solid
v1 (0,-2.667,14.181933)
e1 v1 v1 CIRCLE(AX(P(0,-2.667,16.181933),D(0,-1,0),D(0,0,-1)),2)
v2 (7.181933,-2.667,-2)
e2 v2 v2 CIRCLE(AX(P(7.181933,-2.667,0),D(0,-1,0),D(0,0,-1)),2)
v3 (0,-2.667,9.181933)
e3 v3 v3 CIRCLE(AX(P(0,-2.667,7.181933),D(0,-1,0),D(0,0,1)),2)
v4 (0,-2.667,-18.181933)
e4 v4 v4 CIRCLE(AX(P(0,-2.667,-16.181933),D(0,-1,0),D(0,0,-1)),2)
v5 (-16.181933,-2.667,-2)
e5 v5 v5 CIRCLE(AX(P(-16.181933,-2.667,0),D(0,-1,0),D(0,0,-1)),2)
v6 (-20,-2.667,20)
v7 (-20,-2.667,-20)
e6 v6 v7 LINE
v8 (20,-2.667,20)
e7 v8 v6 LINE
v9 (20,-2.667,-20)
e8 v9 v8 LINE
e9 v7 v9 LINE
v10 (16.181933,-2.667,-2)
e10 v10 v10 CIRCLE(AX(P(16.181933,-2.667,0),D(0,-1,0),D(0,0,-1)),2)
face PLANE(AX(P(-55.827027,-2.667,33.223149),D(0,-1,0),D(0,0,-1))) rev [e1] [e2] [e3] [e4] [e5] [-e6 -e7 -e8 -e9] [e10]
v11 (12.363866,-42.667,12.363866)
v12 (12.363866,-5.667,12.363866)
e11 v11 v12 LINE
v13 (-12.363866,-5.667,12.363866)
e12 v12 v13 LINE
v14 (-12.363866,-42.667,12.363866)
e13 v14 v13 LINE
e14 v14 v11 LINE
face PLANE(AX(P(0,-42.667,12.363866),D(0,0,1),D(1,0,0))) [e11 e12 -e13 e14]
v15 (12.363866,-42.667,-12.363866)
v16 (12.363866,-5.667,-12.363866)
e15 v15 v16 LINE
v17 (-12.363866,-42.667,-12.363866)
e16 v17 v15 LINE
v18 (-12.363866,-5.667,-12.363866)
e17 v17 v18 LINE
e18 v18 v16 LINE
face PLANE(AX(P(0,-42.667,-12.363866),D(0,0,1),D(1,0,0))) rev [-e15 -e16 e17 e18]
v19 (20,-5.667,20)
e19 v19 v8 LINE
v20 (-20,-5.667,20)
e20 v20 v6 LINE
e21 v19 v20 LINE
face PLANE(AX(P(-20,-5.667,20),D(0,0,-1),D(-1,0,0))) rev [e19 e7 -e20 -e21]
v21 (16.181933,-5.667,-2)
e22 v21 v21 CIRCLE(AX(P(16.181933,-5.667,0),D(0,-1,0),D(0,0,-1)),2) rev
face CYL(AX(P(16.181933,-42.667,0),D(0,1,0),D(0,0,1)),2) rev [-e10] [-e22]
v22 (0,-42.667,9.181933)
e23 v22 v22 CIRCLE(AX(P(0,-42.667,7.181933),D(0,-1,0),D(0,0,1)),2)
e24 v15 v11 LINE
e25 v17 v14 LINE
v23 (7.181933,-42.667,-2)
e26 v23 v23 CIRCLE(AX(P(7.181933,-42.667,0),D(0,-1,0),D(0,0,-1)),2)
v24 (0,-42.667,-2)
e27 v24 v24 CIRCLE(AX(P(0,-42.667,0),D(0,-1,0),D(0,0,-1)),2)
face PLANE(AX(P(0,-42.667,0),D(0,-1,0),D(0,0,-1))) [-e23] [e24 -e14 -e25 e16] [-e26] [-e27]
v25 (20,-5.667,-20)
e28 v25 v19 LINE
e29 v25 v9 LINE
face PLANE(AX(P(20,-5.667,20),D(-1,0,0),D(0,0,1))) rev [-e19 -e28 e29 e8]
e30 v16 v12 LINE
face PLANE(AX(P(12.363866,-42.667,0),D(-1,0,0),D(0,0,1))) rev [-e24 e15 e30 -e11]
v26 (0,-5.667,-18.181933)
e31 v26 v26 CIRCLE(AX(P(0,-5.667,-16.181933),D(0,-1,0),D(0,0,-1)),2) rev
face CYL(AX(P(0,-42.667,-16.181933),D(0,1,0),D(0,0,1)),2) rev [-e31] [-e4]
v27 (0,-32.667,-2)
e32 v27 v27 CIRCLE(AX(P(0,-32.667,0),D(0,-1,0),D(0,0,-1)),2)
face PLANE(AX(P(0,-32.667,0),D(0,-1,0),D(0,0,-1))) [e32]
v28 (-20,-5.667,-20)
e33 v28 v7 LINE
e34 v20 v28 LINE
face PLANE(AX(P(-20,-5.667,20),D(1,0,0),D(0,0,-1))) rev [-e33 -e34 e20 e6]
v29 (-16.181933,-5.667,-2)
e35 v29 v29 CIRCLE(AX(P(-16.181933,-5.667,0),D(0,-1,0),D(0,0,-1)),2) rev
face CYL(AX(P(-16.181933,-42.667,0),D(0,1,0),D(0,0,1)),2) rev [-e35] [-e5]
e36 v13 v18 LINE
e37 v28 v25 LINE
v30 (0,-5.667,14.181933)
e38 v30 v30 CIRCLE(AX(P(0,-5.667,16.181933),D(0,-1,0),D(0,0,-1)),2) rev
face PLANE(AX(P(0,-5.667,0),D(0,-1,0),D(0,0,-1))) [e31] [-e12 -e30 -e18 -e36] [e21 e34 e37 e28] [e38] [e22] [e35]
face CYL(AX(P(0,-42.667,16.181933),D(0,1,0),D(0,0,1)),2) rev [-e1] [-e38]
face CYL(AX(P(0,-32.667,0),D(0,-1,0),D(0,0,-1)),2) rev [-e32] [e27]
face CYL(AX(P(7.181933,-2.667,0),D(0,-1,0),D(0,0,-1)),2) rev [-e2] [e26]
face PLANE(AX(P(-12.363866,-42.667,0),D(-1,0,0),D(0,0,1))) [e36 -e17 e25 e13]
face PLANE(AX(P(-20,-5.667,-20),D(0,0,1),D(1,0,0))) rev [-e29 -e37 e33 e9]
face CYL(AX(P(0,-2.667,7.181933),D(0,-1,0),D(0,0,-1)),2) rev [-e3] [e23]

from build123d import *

# Parameters (mm, degrees)
SKETCH1_W                                      = 193.929
SKETCH1_H                                      = 117.602
BOSS_EXTRUDE1_DEPTH                            = 2.667
CUT_EXTRUDE1_DEPTH                             = 0.254
BOSS_EXTRUDE2_DEPTH                            = 0.254
BOSS_EXTRUDE3_DEPTH                            = 1.6002
BOSS_EXTRUDE4_DEPTH                            = 1.6002
BOSS_EXTRUDE5_DEPTH                            = 1.6002
BOSS_EXTRUDE6_DEPTH                            = 1.6002
BOSS_EXTRUDE7_DEPTH                            = 1.6002
SKETCH9_W                                      = 3.683
SKETCH9_H                                      = 3.175
SKETCH10_W                                     = 3.683
SKETCH10_H                                     = 3.175
SKETCH11_W                                     = 3.683
SKETCH11_H                                     = 3.175
SKETCH12_W                                     = 3.683
SKETCH12_H                                     = 3.175
CSK_FOR_M3_FLAT_HEAD_MACHINE_SCREW1_AT_2_COUNT = 2
CSK_FOR_M3_FLAT_HEAD_MACHINE_SCREW1_AT_2_PITCH = 202.702821766
CSK_FOR_M3_FLAT_HEAD_MACHINE_SCREW1_AT_3_COUNT = 2
CSK_FOR_M3_FLAT_HEAD_MACHINE_SCREW1_AT_3_PITCH = 176.276
CSK_FOR_M3_FLAT_HEAD_MACHINE_SCREW1_AT_4_COUNT = 2
CSK_FOR_M3_FLAT_HEAD_MACHINE_SCREW1_AT_4_PITCH = 100.076
FILLET1_R                                      = 5.1562
FILLET2_R                                      = 1.5748
FILLET3_R                                      = 3.9624
FILLET4_R                                      = 4.7498
SKETCH16_W                                     = 24.727732192
SKETCH16_H                                     = 24.727732192
BOSS_EXTRUDE8_DEPTH                            = 40
SKETCH18_W                                     = 40
SKETCH18_H                                     = 40
SKETCH18_W_2                                   = 24.727732192
SKETCH18_H_2                                   = 24.727732192
BOSS_EXTRUDE9_DEPTH                            = 3
CUT_EXTRUDE2_DEPTH                             = 40
CUT_EXTRUDE2_DEPTH_BACK                        = 40
SKETCH17_R                                     = 2
SKETCH19_R                                     = 2
CUT_EXTRUDE3_DEPTH                             = 10
SKETCH20_W                                     = 226.645594452
SKETCH20_H                                     = 139.264160446
SKETCH20_W_2                                   = 98.304113256
SKETCH20_H_2                                   = 70.390599616
CUT_EXTRUDE4_DEPTH                             = 121.248375711
SKETCH21_W                                     = 98.304113256
SKETCH21_H                                     = 2.667
CUT_EXTRUDE5_DEPTH                             = 100.458365049
SKETCH23_R                                     = 2
CUT_EXTRUDE6_DEPTH                             = 49.989794856


with BuildPart() as part:
    # Sketch1 → Boss-Extrude1 (new body)
    with BuildSketch(Plane.XZ.offset(2.667)):
        Rectangle(SKETCH1_W, SKETCH1_H)
    extrude(amount=-BOSS_EXTRUDE1_DEPTH)

    # Sketch2 → Cut-Extrude1 (cut)
    with BuildSketch(Plane.XZ.offset(2.667)):
        Polygon((-74.4728, 55.3085), (-93.472, 36.2712), (-93.472, -36.2712), (-74.4728, -55.3085), (74.4728, -55.3085), (93.472, -36.2712), (93.472, 36.2712), (74.4728, 55.3085), align=None)
    extrude(amount=-CUT_EXTRUDE1_DEPTH, mode=Mode.SUBTRACT)

    # Sketch3 → Boss-Extrude2 (add)
    with BuildSketch(Plane.XZ.offset(2.413)):
        Polygon((92.6846, 35.945510163), (92.6846, -35.945510163), (74.146186127, -54.5211), (-74.146186127, -54.5211), (-92.6846, -35.945510163), (-92.6846, 35.945510163), (-74.146186127, 54.5211), (74.146186127, 54.5211), align=None)
    extrude(amount=BOSS_EXTRUDE2_DEPTH)

    # Sketch4 → Boss-Extrude3 (add)
    with BuildSketch(Plane(origin=(0, 0, 0), x_dir=(-1, 0, 0), z_dir=(0, 1, 0))):
        with BuildLine():
            Line((92.6211, -49.3395), (92.6211, 49.3395))
            ThreePointArc((92.6211, 49.3395), (93.4212, 50.1396), (94.2213, 49.3395))
            Line((94.2213, 49.3395), (94.2213, -49.3395))
            ThreePointArc((94.2213, -49.3395), (93.4212, -50.1396), (92.6211, -49.3395))
        make_face()
    extrude(amount=BOSS_EXTRUDE3_DEPTH)

    # Sketch5 → Boss-Extrude4 (add)
    with BuildSketch(Plane(origin=(0, 0, 0), x_dir=(-1, 0, 0), z_dir=(0, 1, 0))):
        with BuildLine():
            Line((-94.2213, -49.3395), (-94.2213, 49.3395))
            ThreePointArc((-94.2213, 49.3395), (-93.4212, 50.1396), (-92.6211, 49.3395))
            Line((-92.6211, 49.3395), (-92.6211, -49.3395))
            ThreePointArc((-92.6211, -49.3395), (-93.4212, -50.1396), (-94.2213, -49.3395))
        make_face()
    extrude(amount=BOSS_EXTRUDE4_DEPTH)

    # Sketch6 → Boss-Extrude5 (add)
    with BuildSketch(Plane(origin=(0, 0, 0), x_dir=(-1, 0, 0), z_dir=(0, 1, 0))):
        with BuildLine():
            Line((10.4013, -54.4576), (87.5919, -54.4576))
            ThreePointArc((87.5919, -54.4576), (88.392, -55.2577), (87.5919, -56.0578))
            Line((87.5919, -56.0578), (10.4013, -56.0578))
            ThreePointArc((10.4013, -56.0578), (9.6012, -55.2577), (10.4013, -54.4576))
        make_face()
    extrude(amount=BOSS_EXTRUDE5_DEPTH)

    # Sketch7 → Boss-Extrude6 (add)
    with BuildSketch(Plane(origin=(0, 0, 0), x_dir=(-1, 0, 0), z_dir=(0, 1, 0))):
        with BuildLine():
            Line((-87.5919, 56.0578), (87.5919, 56.0578))
            ThreePointArc((87.5919, 56.0578), (88.392, 55.2577), (87.5919, 54.4576))
            Line((87.5919, 54.4576), (-87.5919, 54.4576))
            ThreePointArc((-87.5919, 54.4576), (-88.392, 55.2577), (-87.5919, 56.0578))
        make_face()
    extrude(amount=BOSS_EXTRUDE6_DEPTH)

    # Sketch8 → Boss-Extrude7 (add)
    with BuildSketch(Plane(origin=(0, 0, 0), x_dir=(-1, 0, 0), z_dir=(0, 1, 0))):
        with BuildLine():
            Line((-87.5919, -54.4576), (-10.4013, -54.4576))
            ThreePointArc((-10.4013, -54.4576), (-9.6012, -55.2577), (-10.4013, -56.0578))
            Line((-10.4013, -56.0578), (-87.5919, -56.0578))
            ThreePointArc((-87.5919, -56.0578), (-88.392, -55.2577), (-87.5919, -54.4576))
        make_face()
    extrude(amount=BOSS_EXTRUDE7_DEPTH)

    # Sketch9 → Revolve1 (revolve)
    with BuildSketch(Plane.XY.offset(-50.038), mode=Mode.PRIVATE) as revolve1_sk:
        with Locations((-86.2965, 1.5875)):
            Rectangle(SKETCH9_W, SKETCH9_H)
    revolve(revolve1_sk.sketch.rotate(Axis((-88.138, 3.175, -50.038), (0, -1, 0)), 270), axis=Axis((-88.138, 3.175, -50.038), (0, -1, 0)))

    # Sketch10 → Revolve2 (revolve)
    with BuildSketch(Plane.XY.offset(50.038), mode=Mode.PRIVATE) as revolve2_sk:
        with Locations((89.9795, 1.5875)):
            Rectangle(SKETCH10_W, SKETCH10_H)
    revolve(revolve2_sk.sketch.rotate(Axis((88.138, 3.175, 50.038), (0, -1, 0)), 270), axis=Axis((88.138, 3.175, 50.038), (0, -1, 0)))

    # Sketch11 → Revolve3 (revolve)
    with BuildSketch(Plane.XY.offset(50.038), mode=Mode.PRIVATE) as revolve3_sk:
        with Locations((-86.2965, 1.5875)):
            Rectangle(SKETCH11_W, SKETCH11_H)
    revolve(revolve3_sk.sketch.rotate(Axis((-88.138, 3.175, 50.038), (0, -1, 0)), 270), axis=Axis((-88.138, 3.175, 50.038), (0, -1, 0)))

    # Sketch12 → Revolve4 (revolve)
    with BuildSketch(Plane.XY.offset(-50.038), mode=Mode.PRIVATE) as revolve4_sk:
        with Locations((89.9795, 1.5875)):
            Rectangle(SKETCH12_W, SKETCH12_H)
    revolve(revolve4_sk.sketch.rotate(Axis((88.138, 3.175, -50.038), (0, -1, 0)), 270), axis=Axis((88.138, 3.175, -50.038), (0, -1, 0)))

    # Sketch13 → CSK for M3 Flat Head Machine Screw1 (revolve, cut)
    with BuildSketch(Plane(origin=(88.138, -2.667, -50.038), x_dir=(0, 0, -1), z_dir=(1, 0, 0))):
        Polygon((0, 0), (0, 5.842), (1.6256, 5.842), (1.6256, 3.175), (3.048, 1.538715978), (3.048, 0), align=None)
    csk_for_m3_flat_head_machine_screw1 = revolve(axis=Axis((88.138, -9.017, -50.038), (0, 1, 0)), mode=Mode.SUBTRACT)

    # CSK for M3 Flat Head Machine Screw1 at 2: CSK for M3 Flat Head Machine Screw1 ×2
    with Locations(*[Vector(-0.8696277558645717, 0, 0.4937079766723937) * (i * CSK_FOR_M3_FLAT_HEAD_MACHINE_SCREW1_AT_2_PITCH) for i in range(1, CSK_FOR_M3_FLAT_HEAD_MACHINE_SCREW1_AT_2_COUNT)]):
        add(csk_for_m3_flat_head_machine_screw1, mode=Mode.SUBTRACT)

    # CSK for M3 Flat Head Machine Screw1 at 3: CSK for M3 Flat Head Machine Screw1 ×2
    with Locations(*[(-i * CSK_FOR_M3_FLAT_HEAD_MACHINE_SCREW1_AT_3_PITCH, 0, 0) for i in range(1, CSK_FOR_M3_FLAT_HEAD_MACHINE_SCREW1_AT_3_COUNT)]):
        add(csk_for_m3_flat_head_machine_screw1, mode=Mode.SUBTRACT)

    # CSK for M3 Flat Head Machine Screw1 at 4: CSK for M3 Flat Head Machine Screw1 ×2
    with Locations(*[(0, 0, i * CSK_FOR_M3_FLAT_HEAD_MACHINE_SCREW1_AT_4_PITCH) for i in range(1, CSK_FOR_M3_FLAT_HEAD_MACHINE_SCREW1_AT_4_COUNT)]):
        add(csk_for_m3_flat_head_machine_screw1, mode=Mode.SUBTRACT)

    # Fillet1
    fillet1_edges = [part.edges().sort_by_distance(p)[0] for p in [
        (-96.9645, -1.3335, 58.801),
        (96.9645, -1.3335, 58.801),
        (96.9645, -1.3335, -58.801),
        (-96.9645, -1.3335, -58.801),
    ]]
    fillet(fillet1_edges, radius=FILLET1_R)

    # Fillet2
    fillet2_edges = [part.edges().sort_by_distance(p)[0] for p in [
        (0, -2.667, 58.801),
        (-96.9645, -2.667, 0),
        (0, -2.667, -58.801),
        (96.9645, -2.667, 0),
        (95.454283985, -2.667, -57.290783985),
        (95.454283985, -2.667, 57.290783985),
        (-95.454283985, -2.667, -57.290783985),
        (-95.454283985, -2.667, 57.290783985),
    ]]
    fillet(fillet2_edges, radius=FILLET2_R)

    # Fillet3
    fillet3_edges = [part.edges().sort_by_distance(p)[0] for p in [
        (92.6846, -2.54, 35.945510163),
        (74.146186127, -2.54, 54.5211),
        (-74.146186127, -2.54, 54.5211),
        (-92.6846, -2.54, 35.945510163),
        (-92.6846, -2.54, -35.945510163),
        (-74.146186127, -2.54, -54.5211),
        (74.146186127, -2.54, -54.5211),
        (92.6846, -2.54, -35.945510163),
    ]]
    fillet(fillet3_edges, radius=FILLET3_R)

    # Fillet4
    fillet4_edges = [part.edges().sort_by_distance(p)[0] for p in [
        (-74.4728, -2.54, 55.3085),
        (74.4728, -2.54, 55.3085),
        (93.472, -2.54, 36.2712),
        (93.472, -2.54, -36.2712),
        (74.4728, -2.54, -55.3085),
        (-74.4728, -2.54, -55.3085),
        (-93.472, -2.54, -36.2712),
        (-93.472, -2.54, 36.2712),
    ]]
    fillet(fillet4_edges, radius=FILLET4_R)

    # Sketch16 → Boss-Extrude8 (add)
    with BuildSketch(Plane.XZ.offset(2.667)):
        Rectangle(SKETCH16_W, SKETCH16_H)
    extrude(amount=BOSS_EXTRUDE8_DEPTH)

    # Sketch18 → Boss-Extrude9 (add)
    with BuildSketch(Plane.XZ.offset(2.667)):
        Rectangle(SKETCH18_W, SKETCH18_H)
        Rectangle(SKETCH18_W_2, SKETCH18_H_2, mode=Mode.SUBTRACT)
    extrude(amount=BOSS_EXTRUDE9_DEPTH)

    # Sketch17 → Cut-Extrude2 (cut, two sides: drawn at the far end of the back side and taken through both)
    with BuildSketch(Plane.XZ.offset(2.667).offset(-CUT_EXTRUDE2_DEPTH_BACK)):
        with Locations(Location((-16.181933048, 0, 0), (0, 0, 270))):
            Circle(SKETCH17_R)
        with Locations(Location((0, 16.181933048, 0), (0, 0, 270))):
            Circle(SKETCH17_R)
        with Locations(Location((16.181933048, 0, 0), (0, 0, 270))):
            Circle(SKETCH17_R)
        with Locations(Location((0, -16.181933048, 0), (0, 0, 270))):
            Circle(SKETCH17_R)
    extrude(amount=CUT_EXTRUDE2_DEPTH + CUT_EXTRUDE2_DEPTH_BACK, mode=Mode.SUBTRACT)

    # Sketch19 → Cut-Extrude3 (cut)
    with BuildSketch(Plane.XZ.offset(42.667)):
        with Locations(Location((0, 0, 0), (0, 0, 270))):
            Circle(SKETCH19_R)
    extrude(amount=-CUT_EXTRUDE3_DEPTH, mode=Mode.SUBTRACT)

    # Sketch20 → Cut-Extrude4 (cut, through all)
    with BuildSketch(Plane.XZ.offset(2.667)):
        with Locations((4.399412476, -0.910223271)):
            Rectangle(SKETCH20_W, SKETCH20_H)
        with Locations((-6.674970653, -1.97215042)):
            Rectangle(SKETCH20_W_2, SKETCH20_H_2, mode=Mode.SUBTRACT)
    extrude(amount=-CUT_EXTRUDE4_DEPTH, mode=Mode.SUBTRACT)

    # Sketch21 → Cut-Extrude5 (cut, through all)
    with BuildSketch(Plane(origin=(0, 0, -37.167450228), x_dir=(-1, 0, 0), z_dir=(0, 0, -1))):
        with Locations((6.674970653, -1.3335)):
            Rectangle(SKETCH21_W, SKETCH21_H)
    extrude(amount=-CUT_EXTRUDE5_DEPTH, mode=Mode.SUBTRACT)

    # Sketch23 → Cut-Extrude6 (cut, through all)
    with BuildSketch(Plane.XZ.offset(42.667)):
        with Locations(Location((7.181933048, 0, 0), (0, 0, 270))):
            Circle(SKETCH23_R)
        with Locations(Location((0, 7.181933048, 0), (0, 0, 90))):
            Circle(SKETCH23_R)
    extrude(amount=-CUT_EXTRUDE6_DEPTH, mode=Mode.SUBTRACT)


solid = part.part
